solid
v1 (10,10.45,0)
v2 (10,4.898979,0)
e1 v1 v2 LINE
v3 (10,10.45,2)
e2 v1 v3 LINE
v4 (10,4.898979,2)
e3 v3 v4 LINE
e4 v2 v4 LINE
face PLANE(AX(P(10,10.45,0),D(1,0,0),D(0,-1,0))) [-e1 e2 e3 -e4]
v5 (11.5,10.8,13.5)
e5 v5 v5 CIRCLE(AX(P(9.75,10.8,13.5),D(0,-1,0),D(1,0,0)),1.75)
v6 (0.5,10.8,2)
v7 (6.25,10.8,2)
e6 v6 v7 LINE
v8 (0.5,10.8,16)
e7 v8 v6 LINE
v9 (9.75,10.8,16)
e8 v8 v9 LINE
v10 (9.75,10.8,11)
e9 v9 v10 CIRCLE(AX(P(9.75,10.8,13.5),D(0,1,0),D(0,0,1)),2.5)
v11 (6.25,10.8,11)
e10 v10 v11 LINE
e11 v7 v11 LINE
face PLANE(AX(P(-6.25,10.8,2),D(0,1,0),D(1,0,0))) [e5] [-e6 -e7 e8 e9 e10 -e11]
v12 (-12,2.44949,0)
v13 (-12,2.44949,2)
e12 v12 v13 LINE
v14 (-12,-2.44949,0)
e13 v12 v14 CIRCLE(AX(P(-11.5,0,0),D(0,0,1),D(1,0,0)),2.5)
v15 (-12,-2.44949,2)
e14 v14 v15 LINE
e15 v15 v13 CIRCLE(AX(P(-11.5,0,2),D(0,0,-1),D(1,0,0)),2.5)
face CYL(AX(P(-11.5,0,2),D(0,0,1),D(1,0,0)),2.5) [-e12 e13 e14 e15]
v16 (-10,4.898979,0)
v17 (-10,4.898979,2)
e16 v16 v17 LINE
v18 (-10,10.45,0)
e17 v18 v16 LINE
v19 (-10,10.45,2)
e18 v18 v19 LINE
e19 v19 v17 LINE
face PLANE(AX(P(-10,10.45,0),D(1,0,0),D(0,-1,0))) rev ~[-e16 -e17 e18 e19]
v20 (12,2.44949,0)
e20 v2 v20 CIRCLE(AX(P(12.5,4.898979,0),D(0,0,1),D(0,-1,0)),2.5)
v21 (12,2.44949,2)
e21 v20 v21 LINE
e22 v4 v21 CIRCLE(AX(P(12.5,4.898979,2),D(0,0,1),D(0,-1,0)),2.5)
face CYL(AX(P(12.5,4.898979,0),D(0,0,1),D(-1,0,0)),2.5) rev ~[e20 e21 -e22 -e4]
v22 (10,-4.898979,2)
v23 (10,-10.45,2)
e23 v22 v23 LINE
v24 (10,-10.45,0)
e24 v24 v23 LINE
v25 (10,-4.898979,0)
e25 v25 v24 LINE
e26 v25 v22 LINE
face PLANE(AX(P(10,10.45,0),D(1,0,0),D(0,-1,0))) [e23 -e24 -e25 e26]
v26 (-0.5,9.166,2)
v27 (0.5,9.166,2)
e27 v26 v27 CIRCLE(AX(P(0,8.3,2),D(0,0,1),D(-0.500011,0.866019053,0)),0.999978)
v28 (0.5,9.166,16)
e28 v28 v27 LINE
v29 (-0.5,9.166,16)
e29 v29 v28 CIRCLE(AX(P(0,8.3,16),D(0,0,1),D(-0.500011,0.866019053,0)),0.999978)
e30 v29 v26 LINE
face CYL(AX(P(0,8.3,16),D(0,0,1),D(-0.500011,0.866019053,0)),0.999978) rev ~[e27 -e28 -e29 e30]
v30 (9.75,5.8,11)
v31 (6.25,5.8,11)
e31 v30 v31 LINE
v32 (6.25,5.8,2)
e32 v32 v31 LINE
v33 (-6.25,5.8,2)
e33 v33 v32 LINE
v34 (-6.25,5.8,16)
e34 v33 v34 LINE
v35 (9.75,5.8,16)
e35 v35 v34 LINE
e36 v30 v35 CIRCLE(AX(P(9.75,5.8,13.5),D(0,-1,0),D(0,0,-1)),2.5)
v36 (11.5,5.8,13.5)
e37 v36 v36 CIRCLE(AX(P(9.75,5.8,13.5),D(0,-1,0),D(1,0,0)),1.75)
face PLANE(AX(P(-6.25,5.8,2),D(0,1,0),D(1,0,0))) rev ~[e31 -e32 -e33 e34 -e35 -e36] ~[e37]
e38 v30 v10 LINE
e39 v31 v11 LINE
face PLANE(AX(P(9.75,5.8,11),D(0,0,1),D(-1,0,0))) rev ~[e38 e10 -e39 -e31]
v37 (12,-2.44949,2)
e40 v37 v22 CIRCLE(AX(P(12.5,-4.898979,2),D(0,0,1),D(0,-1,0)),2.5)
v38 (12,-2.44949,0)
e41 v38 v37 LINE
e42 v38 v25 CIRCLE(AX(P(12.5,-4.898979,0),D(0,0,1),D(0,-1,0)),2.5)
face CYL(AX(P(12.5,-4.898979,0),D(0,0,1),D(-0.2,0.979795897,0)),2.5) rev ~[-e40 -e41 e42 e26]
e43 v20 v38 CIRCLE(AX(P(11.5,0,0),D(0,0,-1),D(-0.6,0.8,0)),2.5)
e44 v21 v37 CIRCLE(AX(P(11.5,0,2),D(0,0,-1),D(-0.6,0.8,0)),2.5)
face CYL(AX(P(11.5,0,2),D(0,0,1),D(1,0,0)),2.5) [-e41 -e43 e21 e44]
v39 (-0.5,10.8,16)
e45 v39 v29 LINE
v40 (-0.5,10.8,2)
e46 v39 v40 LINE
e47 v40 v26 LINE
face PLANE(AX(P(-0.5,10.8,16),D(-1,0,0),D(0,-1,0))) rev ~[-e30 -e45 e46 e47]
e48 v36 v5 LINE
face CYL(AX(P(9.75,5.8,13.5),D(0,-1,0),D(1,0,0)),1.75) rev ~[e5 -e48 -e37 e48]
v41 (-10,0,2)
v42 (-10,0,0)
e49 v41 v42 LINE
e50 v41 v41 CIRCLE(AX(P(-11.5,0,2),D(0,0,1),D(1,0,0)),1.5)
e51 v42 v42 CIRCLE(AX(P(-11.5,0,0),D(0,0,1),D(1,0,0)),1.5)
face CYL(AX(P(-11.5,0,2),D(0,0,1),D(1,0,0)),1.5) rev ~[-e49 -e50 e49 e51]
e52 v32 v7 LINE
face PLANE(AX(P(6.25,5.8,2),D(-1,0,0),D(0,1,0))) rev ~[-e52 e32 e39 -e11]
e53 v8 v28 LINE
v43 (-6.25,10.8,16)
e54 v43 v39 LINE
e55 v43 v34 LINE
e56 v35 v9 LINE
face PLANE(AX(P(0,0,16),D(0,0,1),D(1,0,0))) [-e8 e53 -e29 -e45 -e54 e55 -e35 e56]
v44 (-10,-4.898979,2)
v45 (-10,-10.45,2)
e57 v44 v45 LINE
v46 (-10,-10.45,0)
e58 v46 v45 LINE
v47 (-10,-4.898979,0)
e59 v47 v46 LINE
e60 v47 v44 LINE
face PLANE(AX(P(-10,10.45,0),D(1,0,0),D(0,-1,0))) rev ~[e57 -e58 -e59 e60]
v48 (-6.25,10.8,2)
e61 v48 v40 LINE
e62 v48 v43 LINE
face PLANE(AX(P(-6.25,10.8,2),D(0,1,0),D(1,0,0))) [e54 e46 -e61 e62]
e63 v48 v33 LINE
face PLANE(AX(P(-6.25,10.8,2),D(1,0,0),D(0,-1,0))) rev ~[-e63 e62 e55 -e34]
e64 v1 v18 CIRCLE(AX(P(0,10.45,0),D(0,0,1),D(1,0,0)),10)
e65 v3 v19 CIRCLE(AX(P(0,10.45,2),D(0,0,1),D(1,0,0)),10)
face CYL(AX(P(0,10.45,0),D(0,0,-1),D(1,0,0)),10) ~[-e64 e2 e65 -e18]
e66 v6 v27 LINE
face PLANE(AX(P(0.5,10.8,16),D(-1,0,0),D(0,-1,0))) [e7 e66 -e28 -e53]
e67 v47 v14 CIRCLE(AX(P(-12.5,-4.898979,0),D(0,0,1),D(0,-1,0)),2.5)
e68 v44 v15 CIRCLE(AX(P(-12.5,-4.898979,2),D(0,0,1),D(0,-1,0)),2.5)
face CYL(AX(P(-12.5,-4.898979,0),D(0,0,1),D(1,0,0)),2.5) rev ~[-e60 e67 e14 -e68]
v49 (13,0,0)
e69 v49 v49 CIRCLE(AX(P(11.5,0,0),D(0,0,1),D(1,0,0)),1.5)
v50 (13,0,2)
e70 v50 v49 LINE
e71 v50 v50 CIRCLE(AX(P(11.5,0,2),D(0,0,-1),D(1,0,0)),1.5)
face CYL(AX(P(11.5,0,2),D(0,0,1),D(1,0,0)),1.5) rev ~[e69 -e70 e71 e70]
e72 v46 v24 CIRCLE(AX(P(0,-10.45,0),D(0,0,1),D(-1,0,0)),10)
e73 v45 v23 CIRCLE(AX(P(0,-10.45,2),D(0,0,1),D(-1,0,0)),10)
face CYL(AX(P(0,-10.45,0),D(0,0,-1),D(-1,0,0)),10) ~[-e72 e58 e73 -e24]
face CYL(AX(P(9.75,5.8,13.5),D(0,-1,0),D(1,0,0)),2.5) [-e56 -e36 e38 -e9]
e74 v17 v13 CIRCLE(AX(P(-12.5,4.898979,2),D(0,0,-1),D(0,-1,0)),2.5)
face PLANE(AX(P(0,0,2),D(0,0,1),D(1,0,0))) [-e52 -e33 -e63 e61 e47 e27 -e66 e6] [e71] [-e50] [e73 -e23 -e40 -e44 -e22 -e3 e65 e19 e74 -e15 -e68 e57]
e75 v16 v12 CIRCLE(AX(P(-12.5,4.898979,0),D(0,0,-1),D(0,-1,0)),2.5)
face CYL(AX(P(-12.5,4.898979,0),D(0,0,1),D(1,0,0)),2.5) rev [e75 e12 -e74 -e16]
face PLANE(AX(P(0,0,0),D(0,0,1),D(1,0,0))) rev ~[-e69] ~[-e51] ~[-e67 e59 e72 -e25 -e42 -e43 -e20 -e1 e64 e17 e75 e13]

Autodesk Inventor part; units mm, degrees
ref_plane "YZ Plane" through (0, 0, 0) normal (1, 0, 0) x (0, 1, 0)
ref_plane "XZ Plane" through (0, 0, 0) normal (0, 1, 0) x (-1, 0, 0)
ref_plane "XY Plane" through (0, 0, 0) normal (0, 0, 1) x (1, 0, 0)
sketch "Sketch1" plane through (0, 0, 0) normal (0, 0, 1) x (1, 0, 0)
  line L0 (0, 10.45) -> (0, -10.45)
  arc A0 (10, 10.45) -> (-10, 10.45) centre (0, 10.45) ccw
  arc A1 (-10, -10.45) -> (10, -10.45) centre (0, -10.45) ccw
  line L1 (-10, 10.45) -> (-10, -10.45)
  line L2 (10, 10.45) -> (10, -10.45)
  point P0 (0, 0)
  point P1 (0, 0)
  dimension "d0" = 20.9
  dimension "d3" = 10
  dimension "d4" = 10
extrude "Extrusion1" add sketch "Sketch1" along normal blind 2
sketch "Sketch2" plane through (0, 0, 2) normal (0, 0, 1) x (1, 0, 0)
  line L0 (-10, 10.45) -> (-10, -10.45) projected
  arc A0 (-10, -10.45) -> (10, -10.45) centre (0, -10.45) ccw projected
  line L1 (10, -10.45) -> (10, 10.45) projected
  arc A1 (10, 10.45) -> (-10, 10.45) centre (0, 10.45) ccw projected
  line L2 (-11.5, 0) -> (11.5, 0)
  circle A2 centre (-11.5, 0) radius 1.5
  circle A3 centre (11.5, 0) radius 1.5
  circle A4 centre (-11.5, 0) radius 2.5
  circle A5 centre (11.5, 0) radius 2.5
  point P0 (0, 0)
  point P1 (0, 0)
  dimension "d7" = 23
  dimension "d8" = 3
  dimension "d9" = 3
  dimension "d10" = 5
  dimension "d11" = 5
extrude "Extrusion2" add sketch "Sketch2" against normal blind 2 contours A4 L2 L0 | L0 A4 | L2 A4 L0 | A5 L1 | L1 L2 A5 | L2 L1 A5
fillet "Fillet1" radius 2.5 4 edges at (10, 2, 1) (10, -2, 1) (-10, 2, 1) (-10, -2, 1)
sketch "Sketch3" plane through (0, 0, 2) normal (0, 0, 1) x (1, 0, 0)
  circle A0 centre (11.5, 0) radius 1.5 projected
  arc A1 (12, -2.4495) -> (12, 2.4495) centre (11.5, 0) ccw projected
  arc A2 (10, 4.899) -> (12, 2.4495) centre (12.5, 4.899) ccw projected
  line L0 (10, 4.899) -> (10, 10.45) projected
  arc A3 (10, 10.45) -> (-10, 10.45) centre (0, 10.45) ccw
  line L1 (-10, 10.45) -> (-10, 4.899) projected
  arc A4 (-12, 2.4495) -> (-10, 4.899) centre (-12.5, 4.899) ccw projected
  arc A5 (-12, 2.4495) -> (-12, -2.4495) centre (-11.5, 0) ccw projected
  arc A6 (-10, -4.899) -> (-12, -2.4495) centre (-12.5, -4.899) ccw projected
  line L2 (-10, -4.899) -> (-10, -10.45) projected
  arc A7 (-10, -10.45) -> (10, -10.45) centre (0, -10.45) ccw projected
  line L3 (10, -10.45) -> (10, -4.899) projected
  arc A8 (12, -2.4495) -> (10, -4.899) centre (12.5, -4.899) ccw projected
  circle A9 centre (-11.5, 0) radius 1.5 projected
  line L4 (-6.25, 10.8) -> (-6.25, 5.8)
  line L5 (-6.25, 5.8) -> (6.25, 5.8)
  line L6 (6.25, 5.8) -> (6.25, 10.8)
  line L7 (11.5, 0) -> (0, 0)
  line L8 (0, 0) -> (5.75, 0)
  line L9 (-6.25, 10.8) -> (6.25, 10.8)
  point P0 (0, 0)
  point P1 (0, 10.45)
  dimension "d20" = 5.8
  dimension "d21" = 5
  dimension "d22" = 5
extrude "Extrusion3" add sketch "Sketch3" along normal blind 14 contours L9 L6 L5 L4
sketch "Sketch4" plane through (0, 0, 16) normal (0, 0, 1) x (1, 0, 0)
  line L0 (-6.25, 5.8) -> (6.25, 5.8) projected
  line L1 (6.25, 5.8) -> (6.25, 10.8) projected
  line L2 (6.25, 10.8) -> (-6.25, 10.8) projected
  line L3 (-6.25, 10.8) -> (-6.25, 5.8) projected
  line L4 (-0.5, 10.8) -> (0.5, 10.8)
  line L5 (6.25, 10.8) -> (-6.25, 10.8) projected
  arc A0 (-0.5, 9.166) -> (0.5, 9.166) centre (0, 8.3) ccw
  line L6 (-0.5, 10.8) -> (-0.5, 9.166)
  line L7 (0.5, 10.8) -> (0.5, 9.166)
  point P0 (0, 0)
  point P1 (0, 10.8)
  point P2 (0, 10.8)
  dimension "d25" = 1
  dimension "d27" = 2
extrude "Extrusion4" cut sketch "Sketch4" against normal blind 14 contours L2 L7 A0 L6
sketch "Sketch5" plane through (-6.25, 5.8, 2) normal (0, -1, 0) x (1, 0, 0)
  line L0 (12.5, 0) -> (0, 0) projected
  line L1 (12.5, 0) -> (12.5, 14) projected
  line L2 (0, 14) -> (12.5, 14) projected
  line L3 (0, 0) -> (0, 14) projected
  line L4 (12.5, 0) -> (12.5, 14) projected
  line L5 (12.5, 14) -> (16, 14)
  circle A0 centre (16, 11.5) radius 2.5
  circle A1 centre (16, 11.5) radius 1.75
  line L6 (16, 9) -> (12.5, 9)
  point P0 (6.25, -2)
  dimension "d30" = 3.5
  dimension "d33" = 3.5
extrude "Extrusion5" add sketch "Sketch5" against normal blind 5 contours L1 L5 A0 L6 | A0
properties part number "Base de la pinza 2"
